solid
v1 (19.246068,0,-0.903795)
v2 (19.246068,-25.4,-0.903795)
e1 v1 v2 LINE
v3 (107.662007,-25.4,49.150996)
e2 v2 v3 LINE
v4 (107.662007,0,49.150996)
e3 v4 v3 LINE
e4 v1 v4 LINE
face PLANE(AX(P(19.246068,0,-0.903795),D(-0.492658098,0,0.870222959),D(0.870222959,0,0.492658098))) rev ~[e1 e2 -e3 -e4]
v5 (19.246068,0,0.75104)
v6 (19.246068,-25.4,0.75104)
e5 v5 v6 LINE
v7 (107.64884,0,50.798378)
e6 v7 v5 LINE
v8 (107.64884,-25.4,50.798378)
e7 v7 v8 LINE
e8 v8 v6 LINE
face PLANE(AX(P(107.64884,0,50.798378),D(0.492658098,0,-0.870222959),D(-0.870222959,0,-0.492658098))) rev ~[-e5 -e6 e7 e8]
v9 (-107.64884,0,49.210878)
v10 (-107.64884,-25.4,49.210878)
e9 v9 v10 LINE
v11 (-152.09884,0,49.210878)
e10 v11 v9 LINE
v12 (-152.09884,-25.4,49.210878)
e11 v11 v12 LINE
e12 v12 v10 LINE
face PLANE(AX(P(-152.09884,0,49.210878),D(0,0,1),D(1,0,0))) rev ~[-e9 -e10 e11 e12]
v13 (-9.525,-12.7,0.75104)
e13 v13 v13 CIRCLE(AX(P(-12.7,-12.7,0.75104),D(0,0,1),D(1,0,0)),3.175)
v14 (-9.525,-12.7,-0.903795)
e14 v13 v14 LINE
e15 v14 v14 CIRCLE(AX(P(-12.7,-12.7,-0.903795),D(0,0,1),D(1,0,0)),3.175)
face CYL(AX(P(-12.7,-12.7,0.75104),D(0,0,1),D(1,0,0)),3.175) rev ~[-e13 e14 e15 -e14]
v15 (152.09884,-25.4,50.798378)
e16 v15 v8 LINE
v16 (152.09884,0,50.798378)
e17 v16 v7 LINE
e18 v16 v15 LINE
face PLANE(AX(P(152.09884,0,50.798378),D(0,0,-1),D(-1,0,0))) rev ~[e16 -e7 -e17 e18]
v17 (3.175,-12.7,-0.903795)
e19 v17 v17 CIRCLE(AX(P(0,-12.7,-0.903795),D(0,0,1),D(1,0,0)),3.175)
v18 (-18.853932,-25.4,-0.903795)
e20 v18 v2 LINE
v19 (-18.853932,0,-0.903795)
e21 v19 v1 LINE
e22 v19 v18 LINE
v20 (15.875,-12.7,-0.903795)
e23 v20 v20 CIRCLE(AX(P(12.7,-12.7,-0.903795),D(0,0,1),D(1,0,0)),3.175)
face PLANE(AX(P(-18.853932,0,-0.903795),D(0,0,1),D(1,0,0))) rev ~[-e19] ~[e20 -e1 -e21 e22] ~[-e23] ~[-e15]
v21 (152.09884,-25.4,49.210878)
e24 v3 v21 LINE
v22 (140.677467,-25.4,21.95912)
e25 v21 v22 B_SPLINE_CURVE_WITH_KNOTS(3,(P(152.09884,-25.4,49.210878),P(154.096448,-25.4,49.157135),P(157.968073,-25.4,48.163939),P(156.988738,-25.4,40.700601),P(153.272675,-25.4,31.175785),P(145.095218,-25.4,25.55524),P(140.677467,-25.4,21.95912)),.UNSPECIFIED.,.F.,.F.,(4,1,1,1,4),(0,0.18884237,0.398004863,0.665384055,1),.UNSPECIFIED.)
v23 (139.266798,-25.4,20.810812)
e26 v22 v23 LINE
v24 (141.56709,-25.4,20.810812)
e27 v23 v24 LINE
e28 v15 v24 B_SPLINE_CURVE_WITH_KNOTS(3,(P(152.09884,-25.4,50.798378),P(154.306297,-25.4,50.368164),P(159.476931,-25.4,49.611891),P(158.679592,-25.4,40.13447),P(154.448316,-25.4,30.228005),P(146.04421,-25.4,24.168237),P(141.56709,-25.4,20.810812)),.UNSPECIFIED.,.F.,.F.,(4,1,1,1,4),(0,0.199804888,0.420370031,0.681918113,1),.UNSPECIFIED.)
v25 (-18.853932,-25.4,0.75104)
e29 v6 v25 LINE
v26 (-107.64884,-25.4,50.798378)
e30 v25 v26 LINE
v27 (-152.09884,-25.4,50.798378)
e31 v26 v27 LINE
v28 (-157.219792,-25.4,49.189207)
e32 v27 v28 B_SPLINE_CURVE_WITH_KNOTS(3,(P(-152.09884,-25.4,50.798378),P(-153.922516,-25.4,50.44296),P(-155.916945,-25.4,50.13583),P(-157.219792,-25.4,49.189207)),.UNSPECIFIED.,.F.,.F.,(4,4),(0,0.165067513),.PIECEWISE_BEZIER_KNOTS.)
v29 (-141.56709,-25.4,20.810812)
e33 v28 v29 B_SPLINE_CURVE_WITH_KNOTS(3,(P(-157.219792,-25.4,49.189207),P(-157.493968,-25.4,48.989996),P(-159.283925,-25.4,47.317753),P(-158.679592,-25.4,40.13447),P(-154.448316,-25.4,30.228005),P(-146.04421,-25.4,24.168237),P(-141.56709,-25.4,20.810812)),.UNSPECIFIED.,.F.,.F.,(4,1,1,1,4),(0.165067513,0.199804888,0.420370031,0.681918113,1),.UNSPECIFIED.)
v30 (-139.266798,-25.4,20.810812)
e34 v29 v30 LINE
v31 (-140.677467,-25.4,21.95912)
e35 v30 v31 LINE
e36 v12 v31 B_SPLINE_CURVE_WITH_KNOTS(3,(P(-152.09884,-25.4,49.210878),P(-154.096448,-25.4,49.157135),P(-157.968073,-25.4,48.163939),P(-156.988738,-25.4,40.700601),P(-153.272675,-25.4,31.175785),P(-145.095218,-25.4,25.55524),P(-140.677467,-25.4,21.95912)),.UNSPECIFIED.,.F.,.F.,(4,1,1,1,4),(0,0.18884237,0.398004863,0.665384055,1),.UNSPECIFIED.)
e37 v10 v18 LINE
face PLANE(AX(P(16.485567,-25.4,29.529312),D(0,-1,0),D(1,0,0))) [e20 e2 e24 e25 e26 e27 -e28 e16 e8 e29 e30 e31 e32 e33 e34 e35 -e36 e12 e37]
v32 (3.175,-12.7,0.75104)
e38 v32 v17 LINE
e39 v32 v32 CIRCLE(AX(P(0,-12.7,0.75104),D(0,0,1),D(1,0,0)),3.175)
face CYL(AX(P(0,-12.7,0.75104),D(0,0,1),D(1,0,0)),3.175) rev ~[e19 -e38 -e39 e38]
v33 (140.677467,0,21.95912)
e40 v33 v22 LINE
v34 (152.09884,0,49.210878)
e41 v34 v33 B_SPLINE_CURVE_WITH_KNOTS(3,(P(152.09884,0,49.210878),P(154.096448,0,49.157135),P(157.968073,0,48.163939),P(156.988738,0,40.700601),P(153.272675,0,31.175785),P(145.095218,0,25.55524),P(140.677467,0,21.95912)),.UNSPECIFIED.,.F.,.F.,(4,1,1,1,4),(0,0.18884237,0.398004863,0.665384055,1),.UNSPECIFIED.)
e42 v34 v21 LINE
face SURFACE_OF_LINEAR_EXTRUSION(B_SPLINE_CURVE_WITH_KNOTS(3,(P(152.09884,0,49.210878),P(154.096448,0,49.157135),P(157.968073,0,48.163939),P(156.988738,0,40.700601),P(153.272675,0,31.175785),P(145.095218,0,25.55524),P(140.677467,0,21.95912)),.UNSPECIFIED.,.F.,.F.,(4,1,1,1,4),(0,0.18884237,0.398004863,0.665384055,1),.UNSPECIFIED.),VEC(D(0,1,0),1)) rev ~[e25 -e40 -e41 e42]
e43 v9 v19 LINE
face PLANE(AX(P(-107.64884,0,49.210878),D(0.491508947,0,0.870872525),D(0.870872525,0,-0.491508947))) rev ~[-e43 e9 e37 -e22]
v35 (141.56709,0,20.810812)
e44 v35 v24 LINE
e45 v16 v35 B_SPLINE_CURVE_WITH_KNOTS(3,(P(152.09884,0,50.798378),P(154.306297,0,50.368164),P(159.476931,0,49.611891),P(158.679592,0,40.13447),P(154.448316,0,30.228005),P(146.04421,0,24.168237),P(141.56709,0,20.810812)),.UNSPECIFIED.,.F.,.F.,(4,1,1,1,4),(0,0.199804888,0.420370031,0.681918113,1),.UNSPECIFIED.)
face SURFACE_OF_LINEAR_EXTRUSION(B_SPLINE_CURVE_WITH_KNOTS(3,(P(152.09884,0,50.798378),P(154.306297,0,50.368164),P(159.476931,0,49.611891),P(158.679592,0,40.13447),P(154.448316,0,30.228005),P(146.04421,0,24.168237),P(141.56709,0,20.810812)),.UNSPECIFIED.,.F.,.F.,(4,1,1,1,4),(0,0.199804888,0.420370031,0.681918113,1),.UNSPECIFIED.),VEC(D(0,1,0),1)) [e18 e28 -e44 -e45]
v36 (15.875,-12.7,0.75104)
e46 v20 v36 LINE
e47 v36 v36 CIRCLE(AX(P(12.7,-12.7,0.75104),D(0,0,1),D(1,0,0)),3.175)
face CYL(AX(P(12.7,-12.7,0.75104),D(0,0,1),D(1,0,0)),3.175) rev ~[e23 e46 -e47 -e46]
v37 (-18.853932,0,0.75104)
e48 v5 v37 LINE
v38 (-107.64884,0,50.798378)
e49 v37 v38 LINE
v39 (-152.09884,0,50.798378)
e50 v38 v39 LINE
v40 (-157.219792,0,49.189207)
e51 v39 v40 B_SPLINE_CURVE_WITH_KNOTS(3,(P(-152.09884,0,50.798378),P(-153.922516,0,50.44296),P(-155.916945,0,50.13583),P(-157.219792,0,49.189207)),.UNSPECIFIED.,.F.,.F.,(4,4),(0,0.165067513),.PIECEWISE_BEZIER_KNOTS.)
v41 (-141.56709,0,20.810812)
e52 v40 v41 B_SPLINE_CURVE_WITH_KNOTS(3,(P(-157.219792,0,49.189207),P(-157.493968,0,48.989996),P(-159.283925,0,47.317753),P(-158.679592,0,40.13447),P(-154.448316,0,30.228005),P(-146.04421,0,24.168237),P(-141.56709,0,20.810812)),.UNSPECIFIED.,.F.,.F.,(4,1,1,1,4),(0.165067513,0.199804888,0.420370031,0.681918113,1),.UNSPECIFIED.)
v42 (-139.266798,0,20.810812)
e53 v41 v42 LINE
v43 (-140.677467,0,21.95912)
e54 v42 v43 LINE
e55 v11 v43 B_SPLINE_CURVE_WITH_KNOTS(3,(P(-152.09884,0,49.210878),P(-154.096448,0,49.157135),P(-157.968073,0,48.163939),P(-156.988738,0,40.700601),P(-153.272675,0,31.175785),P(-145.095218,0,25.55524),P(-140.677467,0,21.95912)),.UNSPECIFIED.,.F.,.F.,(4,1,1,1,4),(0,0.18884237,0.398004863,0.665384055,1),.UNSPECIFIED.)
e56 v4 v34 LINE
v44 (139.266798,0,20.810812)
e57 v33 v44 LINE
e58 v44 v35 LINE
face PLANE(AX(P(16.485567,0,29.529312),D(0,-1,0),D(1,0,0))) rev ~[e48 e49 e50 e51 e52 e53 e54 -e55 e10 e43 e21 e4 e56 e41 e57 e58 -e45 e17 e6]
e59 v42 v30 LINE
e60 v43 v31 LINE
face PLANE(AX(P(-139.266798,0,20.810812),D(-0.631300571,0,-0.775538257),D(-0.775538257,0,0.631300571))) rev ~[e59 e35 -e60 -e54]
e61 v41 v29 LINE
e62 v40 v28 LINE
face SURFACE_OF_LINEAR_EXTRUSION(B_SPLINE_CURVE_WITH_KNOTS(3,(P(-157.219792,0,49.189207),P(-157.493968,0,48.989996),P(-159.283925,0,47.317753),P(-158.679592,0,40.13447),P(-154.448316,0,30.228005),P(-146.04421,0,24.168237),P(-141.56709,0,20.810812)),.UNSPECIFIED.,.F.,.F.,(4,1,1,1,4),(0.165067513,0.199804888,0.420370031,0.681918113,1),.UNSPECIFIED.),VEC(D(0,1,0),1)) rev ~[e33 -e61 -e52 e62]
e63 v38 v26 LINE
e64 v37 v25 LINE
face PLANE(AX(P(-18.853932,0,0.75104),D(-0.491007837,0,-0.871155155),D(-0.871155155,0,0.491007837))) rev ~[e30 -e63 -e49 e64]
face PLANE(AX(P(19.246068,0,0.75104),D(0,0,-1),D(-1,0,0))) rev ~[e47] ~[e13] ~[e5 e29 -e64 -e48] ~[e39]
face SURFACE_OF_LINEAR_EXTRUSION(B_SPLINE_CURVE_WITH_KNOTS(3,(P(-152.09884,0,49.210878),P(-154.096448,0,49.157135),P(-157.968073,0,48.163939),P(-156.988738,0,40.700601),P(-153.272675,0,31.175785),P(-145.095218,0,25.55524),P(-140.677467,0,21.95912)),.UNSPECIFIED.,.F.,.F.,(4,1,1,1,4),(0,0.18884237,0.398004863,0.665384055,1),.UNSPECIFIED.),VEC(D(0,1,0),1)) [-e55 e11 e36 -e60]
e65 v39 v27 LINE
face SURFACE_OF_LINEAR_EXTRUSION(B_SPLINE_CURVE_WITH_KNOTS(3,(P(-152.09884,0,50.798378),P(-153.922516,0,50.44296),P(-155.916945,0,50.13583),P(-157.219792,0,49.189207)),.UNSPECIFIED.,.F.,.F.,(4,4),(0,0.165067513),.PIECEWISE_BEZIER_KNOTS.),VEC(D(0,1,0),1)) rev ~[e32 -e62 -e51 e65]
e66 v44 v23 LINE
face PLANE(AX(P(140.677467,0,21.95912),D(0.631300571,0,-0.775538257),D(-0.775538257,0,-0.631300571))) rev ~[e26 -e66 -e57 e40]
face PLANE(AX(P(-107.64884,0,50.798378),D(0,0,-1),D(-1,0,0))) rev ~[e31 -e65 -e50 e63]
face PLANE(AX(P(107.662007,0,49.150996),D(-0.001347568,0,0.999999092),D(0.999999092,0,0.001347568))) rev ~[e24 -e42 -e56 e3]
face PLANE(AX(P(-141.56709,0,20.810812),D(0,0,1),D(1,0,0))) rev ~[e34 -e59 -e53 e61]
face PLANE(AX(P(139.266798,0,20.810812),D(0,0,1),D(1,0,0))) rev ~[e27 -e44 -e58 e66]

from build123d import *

# Parameters (mm, degrees)
F1_DEPTH = 25.4
F2_R     = 3.175
F3_DEPTH = 12.7


with BuildPart() as f1:
    # F0 (on Front) → F1 (new body)
    with BuildSketch(Plane.XZ):
        with BuildLine():
            Line((-18.853932295, -0.9037953805), (19.246067705, -0.9037953805))
            Line((19.246067705, -0.9037953805), (107.6620070872, 49.150995825))
            Line((107.6620070872, 49.150995825), (152.0988404129, 49.2108775302))
            add(Edge.make_bspline(
                [(152.0988404129, 49.2108775302), (154.096448251, 49.1571351558), (157.9680726407, 48.1639388699), (156.9887382525, 40.7006012119), (153.2726748418, 31.1757846536), (145.095218186, 25.5552398746), (140.677466878, 21.9591195048)],
                knots=[0, 0, 0, 0, 0.1888423696, 0.3980048629, 0.6653840554, 1, 1, 1, 1], degree=3))
            Line((140.677466878, 21.9591195048), (139.2667979812, 20.8108124135))
            Line((139.2667979812, 20.8108124135), (141.5670902347, 20.8108124135))
            add(Edge.make_bspline(
                [(152.0988404129, 50.7983775302), (154.306296926, 50.3681641551), (159.476931415, 49.611890584), (158.6795920841, 40.1344696534), (154.4483157881, 30.2280053539), (146.0442095515, 24.1682370519), (141.5670902347, 20.8108124135)],
                knots=[0, 0, 0, 0, 0.1998048876, 0.4203700309, 0.6819181132, 1, 1, 1, 1], degree=3))
            Line((152.0988404129, 50.7983775302), (107.6488404129, 50.7983775302))
            Line((107.6488404129, 50.7983775302), (19.246067705, 0.7510403555))
            Line((19.246067705, 0.7510403555), (-18.853932295, 0.7510403555))
            Line((-18.853932295, 0.7510403555), (-107.6488404129, 50.7983775302))
            Line((-107.6488404129, 50.7983775302), (-152.0988404129, 50.7983775302))
            Line((-152.0988404129, 50.7983775302), (-152.0988404129, 49.2108775302))
            Line((-152.0988404129, 49.2108775302), (-107.6488404129, 49.2108775302))
            Line((-107.6488404129, 49.2108775302), (-18.853932295, -0.9037953805))
        make_face()
        with BuildLine():
            Line((-157.2197924683, 49.1892070903), (-152.0988404129, 49.2108775302))
            Line((-152.0988404129, 49.2108775302), (-152.0988404129, 50.7983775302))
            add(Edge.make_bspline(
                [(-152.0988404129, 50.7983775302), (-153.9225163002, 50.4429595395), (-155.9169454372, 50.1358301213), (-157.2197924683, 49.1892070903)],
                knots=[0, 0, 0, 0, 0.1650675125, 0.1650675125, 0.1650675125, 0.1650675125], degree=3))
        make_face()
        with BuildLine():
            add(Edge.make_bspline(
                [(-152.0988404129, 49.2108775302), (-154.096448251, 49.1571351558), (-157.9680726407, 48.1639388699), (-156.9887382525, 40.7006012119), (-153.2726748418, 31.1757846536), (-145.095218186, 25.5552398746), (-140.677466878, 21.9591195048)],
                knots=[0, 0, 0, 0, 0.1888423696, 0.3980048629, 0.6653840554, 1, 1, 1, 1], degree=3))
            Line((-152.0988404129, 49.2108775302), (-157.2197924683, 49.1892070903))
            add(Edge.make_bspline(
                [(-157.2197924683, 49.1892070903), (-157.4939680784, 48.9899964839), (-159.283924634, 47.3177525231), (-158.6795920841, 40.1344696534), (-154.4483157881, 30.2280053539), (-146.0442095515, 24.1682370519), (-141.5670902347, 20.8108124135)],
                knots=[0.1650675125, 0.1650675125, 0.1650675125, 0.1650675125, 0.1998048876, 0.4203700309, 0.6819181132, 1, 1, 1, 1], degree=3))
            Line((-141.5670902347, 20.8108124135), (-139.2667979812, 20.8108124135))
            Line((-139.2667979812, 20.8108124135), (-140.677466878, 21.9591195048))
        make_face()
    extrude(amount=F1_DEPTH)

    # F2 (on face) → F3 (cut, symmetric)
    with BuildSketch(Plane.XY.offset(0.7510403555)):
        with Locations((0, -12.7)):
            Circle(F2_R)
        with Locations((-12.7, -12.7)):
            Circle(F2_R)
        with Locations((12.7, -12.7)):
            Circle(F2_R)
    extrude(amount=F3_DEPTH, both=True, mode=Mode.SUBTRACT)


solid = f1.part
